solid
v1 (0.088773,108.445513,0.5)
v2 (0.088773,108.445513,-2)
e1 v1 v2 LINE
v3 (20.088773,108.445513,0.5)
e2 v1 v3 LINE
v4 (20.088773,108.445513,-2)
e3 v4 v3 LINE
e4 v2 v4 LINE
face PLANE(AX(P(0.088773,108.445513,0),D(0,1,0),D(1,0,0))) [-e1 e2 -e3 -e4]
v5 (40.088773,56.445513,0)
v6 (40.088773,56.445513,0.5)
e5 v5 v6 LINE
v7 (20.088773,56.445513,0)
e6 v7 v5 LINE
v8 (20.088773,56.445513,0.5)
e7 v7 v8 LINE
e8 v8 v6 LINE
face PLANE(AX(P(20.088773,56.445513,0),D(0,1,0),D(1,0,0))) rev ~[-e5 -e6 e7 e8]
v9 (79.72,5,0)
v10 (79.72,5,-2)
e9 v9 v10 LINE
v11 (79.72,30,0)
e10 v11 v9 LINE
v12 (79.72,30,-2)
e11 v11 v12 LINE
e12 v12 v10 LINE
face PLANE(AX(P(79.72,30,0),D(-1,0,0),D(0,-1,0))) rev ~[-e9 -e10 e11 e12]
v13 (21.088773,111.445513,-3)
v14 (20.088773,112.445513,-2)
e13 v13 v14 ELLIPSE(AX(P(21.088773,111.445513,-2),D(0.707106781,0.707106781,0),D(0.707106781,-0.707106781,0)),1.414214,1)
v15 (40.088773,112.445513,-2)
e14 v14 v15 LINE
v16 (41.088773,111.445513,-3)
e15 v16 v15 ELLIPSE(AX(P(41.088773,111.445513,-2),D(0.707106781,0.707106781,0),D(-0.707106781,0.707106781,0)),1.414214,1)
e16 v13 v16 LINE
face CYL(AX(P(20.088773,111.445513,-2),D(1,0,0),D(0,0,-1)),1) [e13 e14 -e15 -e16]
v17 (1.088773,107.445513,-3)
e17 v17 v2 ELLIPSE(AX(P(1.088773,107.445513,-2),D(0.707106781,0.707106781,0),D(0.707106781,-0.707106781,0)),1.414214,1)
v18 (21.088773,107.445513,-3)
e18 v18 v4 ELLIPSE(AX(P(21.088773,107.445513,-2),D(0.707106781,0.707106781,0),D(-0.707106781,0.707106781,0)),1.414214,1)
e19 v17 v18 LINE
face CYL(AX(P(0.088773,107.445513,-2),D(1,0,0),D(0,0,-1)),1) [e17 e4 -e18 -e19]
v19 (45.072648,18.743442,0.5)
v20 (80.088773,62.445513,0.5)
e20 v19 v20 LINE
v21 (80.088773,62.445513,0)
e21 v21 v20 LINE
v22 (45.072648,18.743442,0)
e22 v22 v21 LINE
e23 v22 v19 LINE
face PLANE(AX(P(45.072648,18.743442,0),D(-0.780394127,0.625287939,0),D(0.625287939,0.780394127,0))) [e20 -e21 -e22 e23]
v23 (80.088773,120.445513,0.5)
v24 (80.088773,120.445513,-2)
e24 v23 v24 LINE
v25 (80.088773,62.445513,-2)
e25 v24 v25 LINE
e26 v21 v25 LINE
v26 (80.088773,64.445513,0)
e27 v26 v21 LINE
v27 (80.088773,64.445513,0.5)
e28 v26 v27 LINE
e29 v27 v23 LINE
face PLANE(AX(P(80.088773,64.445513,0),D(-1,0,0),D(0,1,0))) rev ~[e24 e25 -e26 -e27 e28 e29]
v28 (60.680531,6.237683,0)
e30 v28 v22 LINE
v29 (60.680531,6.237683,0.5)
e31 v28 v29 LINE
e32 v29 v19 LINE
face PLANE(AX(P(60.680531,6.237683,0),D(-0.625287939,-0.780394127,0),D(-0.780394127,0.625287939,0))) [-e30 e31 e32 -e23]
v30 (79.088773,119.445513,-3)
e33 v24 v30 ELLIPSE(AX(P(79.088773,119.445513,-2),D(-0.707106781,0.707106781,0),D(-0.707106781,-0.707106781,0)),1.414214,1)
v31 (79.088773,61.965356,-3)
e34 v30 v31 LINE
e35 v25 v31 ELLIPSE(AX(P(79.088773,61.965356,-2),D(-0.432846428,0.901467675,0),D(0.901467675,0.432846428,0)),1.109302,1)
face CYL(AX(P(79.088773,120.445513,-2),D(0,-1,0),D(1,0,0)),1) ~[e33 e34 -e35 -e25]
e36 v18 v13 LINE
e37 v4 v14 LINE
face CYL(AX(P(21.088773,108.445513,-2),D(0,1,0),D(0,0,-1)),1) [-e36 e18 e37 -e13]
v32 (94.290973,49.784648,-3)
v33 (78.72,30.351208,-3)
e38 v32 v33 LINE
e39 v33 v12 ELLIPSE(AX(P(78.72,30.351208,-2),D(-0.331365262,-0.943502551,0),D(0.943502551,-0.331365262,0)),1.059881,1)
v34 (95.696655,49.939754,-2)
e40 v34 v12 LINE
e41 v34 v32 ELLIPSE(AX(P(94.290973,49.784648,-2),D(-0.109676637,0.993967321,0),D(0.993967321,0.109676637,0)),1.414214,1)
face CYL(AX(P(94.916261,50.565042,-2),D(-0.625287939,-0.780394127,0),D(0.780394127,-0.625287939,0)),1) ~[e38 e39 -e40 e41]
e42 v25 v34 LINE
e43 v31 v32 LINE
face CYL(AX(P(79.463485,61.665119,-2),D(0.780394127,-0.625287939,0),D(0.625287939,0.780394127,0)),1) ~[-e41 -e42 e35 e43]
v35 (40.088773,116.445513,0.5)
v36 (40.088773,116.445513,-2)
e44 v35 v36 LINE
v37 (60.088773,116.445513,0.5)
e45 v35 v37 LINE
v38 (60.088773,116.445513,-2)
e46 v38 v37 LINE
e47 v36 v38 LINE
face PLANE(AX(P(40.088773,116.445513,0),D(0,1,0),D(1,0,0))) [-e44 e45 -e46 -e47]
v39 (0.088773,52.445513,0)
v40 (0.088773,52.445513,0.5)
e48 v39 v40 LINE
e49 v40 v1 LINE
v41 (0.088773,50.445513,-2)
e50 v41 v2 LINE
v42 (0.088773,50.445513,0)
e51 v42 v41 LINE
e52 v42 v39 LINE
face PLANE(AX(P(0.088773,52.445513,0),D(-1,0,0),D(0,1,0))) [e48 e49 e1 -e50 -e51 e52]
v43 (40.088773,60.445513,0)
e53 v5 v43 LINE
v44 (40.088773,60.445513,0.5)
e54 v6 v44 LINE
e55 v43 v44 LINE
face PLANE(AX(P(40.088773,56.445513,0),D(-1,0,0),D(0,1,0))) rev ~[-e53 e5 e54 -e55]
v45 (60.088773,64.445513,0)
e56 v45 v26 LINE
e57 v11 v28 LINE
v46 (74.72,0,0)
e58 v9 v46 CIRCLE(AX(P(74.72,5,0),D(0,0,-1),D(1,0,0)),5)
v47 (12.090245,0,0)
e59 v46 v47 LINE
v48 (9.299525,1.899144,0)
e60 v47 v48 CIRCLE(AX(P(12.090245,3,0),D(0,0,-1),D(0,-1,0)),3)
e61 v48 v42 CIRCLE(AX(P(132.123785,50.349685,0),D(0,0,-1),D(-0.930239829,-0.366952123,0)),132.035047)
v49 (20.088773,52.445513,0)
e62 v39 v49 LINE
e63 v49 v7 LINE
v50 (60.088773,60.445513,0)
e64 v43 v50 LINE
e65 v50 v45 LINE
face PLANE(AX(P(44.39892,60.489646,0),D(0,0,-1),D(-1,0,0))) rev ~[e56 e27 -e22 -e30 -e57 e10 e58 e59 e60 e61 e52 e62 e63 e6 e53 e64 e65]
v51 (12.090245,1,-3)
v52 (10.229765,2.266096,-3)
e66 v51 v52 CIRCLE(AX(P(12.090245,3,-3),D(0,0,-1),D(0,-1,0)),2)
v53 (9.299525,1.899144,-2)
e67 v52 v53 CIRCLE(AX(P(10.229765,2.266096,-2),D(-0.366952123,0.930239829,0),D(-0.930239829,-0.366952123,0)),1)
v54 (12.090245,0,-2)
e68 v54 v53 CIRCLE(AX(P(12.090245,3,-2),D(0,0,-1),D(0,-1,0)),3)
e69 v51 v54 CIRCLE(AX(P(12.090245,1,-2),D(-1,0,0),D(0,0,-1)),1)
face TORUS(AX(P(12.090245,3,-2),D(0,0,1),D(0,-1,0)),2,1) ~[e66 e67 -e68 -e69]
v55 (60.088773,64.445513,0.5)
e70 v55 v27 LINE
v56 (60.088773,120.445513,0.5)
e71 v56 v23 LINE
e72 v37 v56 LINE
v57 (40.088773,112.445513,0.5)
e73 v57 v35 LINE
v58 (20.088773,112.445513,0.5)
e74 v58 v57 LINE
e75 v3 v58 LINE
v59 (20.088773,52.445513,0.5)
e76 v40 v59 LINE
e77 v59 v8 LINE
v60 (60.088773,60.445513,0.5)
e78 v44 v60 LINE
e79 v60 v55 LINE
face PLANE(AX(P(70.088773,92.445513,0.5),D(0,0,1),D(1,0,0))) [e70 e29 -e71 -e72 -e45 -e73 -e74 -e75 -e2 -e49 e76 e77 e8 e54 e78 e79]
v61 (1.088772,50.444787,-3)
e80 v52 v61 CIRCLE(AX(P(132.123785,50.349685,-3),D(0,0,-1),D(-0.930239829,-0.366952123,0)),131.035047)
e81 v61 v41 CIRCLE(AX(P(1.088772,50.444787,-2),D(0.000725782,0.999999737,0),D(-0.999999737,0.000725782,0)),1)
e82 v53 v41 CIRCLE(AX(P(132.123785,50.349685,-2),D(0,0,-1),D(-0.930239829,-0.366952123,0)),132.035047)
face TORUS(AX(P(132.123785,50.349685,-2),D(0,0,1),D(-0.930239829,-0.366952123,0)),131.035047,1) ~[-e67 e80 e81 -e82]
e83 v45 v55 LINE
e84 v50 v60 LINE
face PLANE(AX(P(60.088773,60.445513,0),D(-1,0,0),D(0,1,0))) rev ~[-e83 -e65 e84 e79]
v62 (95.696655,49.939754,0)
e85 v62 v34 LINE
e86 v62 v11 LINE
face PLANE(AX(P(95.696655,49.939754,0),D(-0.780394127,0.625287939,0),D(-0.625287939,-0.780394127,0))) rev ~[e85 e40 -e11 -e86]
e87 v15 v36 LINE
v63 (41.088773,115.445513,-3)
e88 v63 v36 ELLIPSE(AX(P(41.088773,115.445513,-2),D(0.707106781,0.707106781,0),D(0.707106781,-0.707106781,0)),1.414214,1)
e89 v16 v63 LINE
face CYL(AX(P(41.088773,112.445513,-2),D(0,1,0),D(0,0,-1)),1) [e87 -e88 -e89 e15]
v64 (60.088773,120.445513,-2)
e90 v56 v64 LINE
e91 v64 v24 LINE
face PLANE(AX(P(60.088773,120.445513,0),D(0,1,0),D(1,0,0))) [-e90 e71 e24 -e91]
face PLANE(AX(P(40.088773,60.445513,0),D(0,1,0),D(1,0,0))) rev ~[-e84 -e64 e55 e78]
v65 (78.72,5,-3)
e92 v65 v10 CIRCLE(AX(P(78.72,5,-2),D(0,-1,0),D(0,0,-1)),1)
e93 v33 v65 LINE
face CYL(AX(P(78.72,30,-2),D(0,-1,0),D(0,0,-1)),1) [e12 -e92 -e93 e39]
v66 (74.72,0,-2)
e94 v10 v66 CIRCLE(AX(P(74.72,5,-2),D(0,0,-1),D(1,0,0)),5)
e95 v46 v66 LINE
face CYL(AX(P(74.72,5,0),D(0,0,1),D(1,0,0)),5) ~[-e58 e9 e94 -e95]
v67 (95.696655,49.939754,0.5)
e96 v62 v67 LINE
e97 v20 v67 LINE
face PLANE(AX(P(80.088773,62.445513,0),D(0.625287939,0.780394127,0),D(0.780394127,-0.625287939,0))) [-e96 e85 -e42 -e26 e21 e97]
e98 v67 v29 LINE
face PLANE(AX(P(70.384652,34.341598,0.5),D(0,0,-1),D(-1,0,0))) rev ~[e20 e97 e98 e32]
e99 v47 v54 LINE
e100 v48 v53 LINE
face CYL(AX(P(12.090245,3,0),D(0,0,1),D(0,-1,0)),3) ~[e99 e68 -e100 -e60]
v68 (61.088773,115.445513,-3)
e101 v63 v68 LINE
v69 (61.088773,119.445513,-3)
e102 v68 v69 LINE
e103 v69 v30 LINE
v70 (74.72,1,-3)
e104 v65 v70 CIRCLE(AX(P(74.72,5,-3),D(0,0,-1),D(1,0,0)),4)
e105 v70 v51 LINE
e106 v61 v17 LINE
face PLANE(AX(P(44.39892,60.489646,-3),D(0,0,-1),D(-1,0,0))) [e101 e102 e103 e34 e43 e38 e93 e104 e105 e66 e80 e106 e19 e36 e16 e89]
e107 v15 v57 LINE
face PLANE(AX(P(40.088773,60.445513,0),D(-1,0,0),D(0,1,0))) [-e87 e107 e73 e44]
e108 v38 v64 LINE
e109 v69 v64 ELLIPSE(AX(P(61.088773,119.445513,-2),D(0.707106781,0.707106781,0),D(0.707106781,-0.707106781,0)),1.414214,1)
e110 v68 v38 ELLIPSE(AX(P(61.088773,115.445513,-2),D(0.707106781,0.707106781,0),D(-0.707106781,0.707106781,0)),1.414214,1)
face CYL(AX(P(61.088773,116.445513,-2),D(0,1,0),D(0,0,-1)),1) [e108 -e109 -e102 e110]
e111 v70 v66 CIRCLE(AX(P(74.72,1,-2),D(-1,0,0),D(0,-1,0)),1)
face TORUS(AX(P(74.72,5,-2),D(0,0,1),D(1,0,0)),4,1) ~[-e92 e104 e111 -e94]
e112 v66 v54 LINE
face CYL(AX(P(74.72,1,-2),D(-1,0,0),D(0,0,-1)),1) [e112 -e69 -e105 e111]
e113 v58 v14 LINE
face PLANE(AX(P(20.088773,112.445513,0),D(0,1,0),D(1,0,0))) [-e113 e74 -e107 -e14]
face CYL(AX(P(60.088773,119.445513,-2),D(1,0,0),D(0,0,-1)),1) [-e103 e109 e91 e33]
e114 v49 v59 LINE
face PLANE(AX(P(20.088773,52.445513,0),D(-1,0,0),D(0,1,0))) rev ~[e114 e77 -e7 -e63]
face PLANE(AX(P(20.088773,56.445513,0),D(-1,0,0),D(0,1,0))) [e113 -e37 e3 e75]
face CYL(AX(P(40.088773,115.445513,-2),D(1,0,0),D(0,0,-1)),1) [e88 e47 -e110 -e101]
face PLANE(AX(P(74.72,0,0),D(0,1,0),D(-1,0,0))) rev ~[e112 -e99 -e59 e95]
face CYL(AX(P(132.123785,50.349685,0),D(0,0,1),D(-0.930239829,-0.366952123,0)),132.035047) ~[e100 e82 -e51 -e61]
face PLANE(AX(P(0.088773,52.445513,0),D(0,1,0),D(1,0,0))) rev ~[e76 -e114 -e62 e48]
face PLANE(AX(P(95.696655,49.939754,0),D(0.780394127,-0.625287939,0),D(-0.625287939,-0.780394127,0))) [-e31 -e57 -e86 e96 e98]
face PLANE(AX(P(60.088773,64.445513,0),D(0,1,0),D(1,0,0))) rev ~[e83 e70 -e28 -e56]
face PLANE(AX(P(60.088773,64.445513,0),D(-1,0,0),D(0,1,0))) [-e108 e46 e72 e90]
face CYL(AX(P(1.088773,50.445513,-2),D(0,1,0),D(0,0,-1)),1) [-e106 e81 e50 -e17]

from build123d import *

# Parameters (mm, degrees)
BOSS_EXTRUDE1_DEPTH  = 3
SKETCH2_W            = 20
SKETCH2_H            = 56
BOSS_EXTRUDE2_DEPTH  = 0.5
SKETCH5_W            = 20
SKETCH5_H            = 56
BOSS_EXTRUDE3_DEPTH  = 0.5
SKETCH6_W            = 20
SKETCH6_H            = 56
BOSS_EXTRUDE4_DEPTH  = 0.5
SKETCH7_W            = 20
SKETCH7_H            = 56
BOSS_EXTRUDE5_DEPTH  = 0.5
BOSS_EXTRUDE18_DEPTH = 0.5
FILLET1_R            = 1


with BuildPart() as part:
    # Sketch1 → Boss-Extrude1 (new body)
    with BuildSketch(Plane.XY):
        with BuildLine():
            Line((0.088772672, 50.445513271), (0.088772672, 108.445513271))
            Line((0.088772672, 108.445513271), (20.088772672, 108.445513271))
            Line((20.088772672, 108.445513271), (20.088772672, 112.445513271))
            Line((20.088772672, 112.445513271), (40.088772672, 112.445513271))
            Line((40.088772672, 112.445513271), (40.088772672, 116.445513271))
            Line((40.088772672, 116.445513271), (60.088772672, 116.445513271))
            Line((60.088772672, 116.445513271), (60.088772672, 120.445513271))
            Line((60.088772672, 120.445513271), (80.088772672, 120.445513271))
            Line((80.088772672, 120.445513271), (80.088772672, 62.445513271))
            Line((80.088772672, 62.445513271), (95.696655206, 49.939754486))
            Line((95.696655206, 49.939754486), (79.719999866, 30))
            Line((79.719999866, 30), (79.719999866, 5))
            ThreePointArc((79.719999866, 5), (78.255533771, 1.464466094), (74.719999866, 0))
            Line((74.719999866, 0), (45.081340107, 0))
            Line((45.081340107, 0), (12.090244869, 0))
            ThreePointArc((12.090244869, 0), (10.402431062, 0.519821669), (9.299525382, 1.899143631))
            ThreePointArc((9.299525382, 1.899143631), (2.402932305, 25.737613543), (0.088772672, 50.445513271))
        make_face()
    extrude(amount=-BOSS_EXTRUDE1_DEPTH)

    # Sketch2 → Boss-Extrude2 (add)
    with BuildSketch(Plane.XY):
        with Locations((10.088772672, 80.445513271)):
            Rectangle(SKETCH2_W, SKETCH2_H)
    extrude(amount=BOSS_EXTRUDE2_DEPTH)

    # Sketch5 → Boss-Extrude3 (add)
    with BuildSketch(Plane.XY):
        with Locations((30.088772672, 84.445513271)):
            Rectangle(SKETCH5_W, SKETCH5_H)
    extrude(amount=BOSS_EXTRUDE3_DEPTH)

    # Sketch6 → Boss-Extrude4 (add)
    with BuildSketch(Plane.XY):
        with Locations((50.088772672, 88.445513271)):
            Rectangle(SKETCH6_W, SKETCH6_H)
    extrude(amount=BOSS_EXTRUDE4_DEPTH)

    # Sketch7 → Boss-Extrude5 (add)
    with BuildSketch(Plane.XY):
        with Locations((70.088772672, 92.445513271)):
            Rectangle(SKETCH7_W, SKETCH7_H)
    extrude(amount=BOSS_EXTRUDE5_DEPTH)

    # Sketch10 → Boss-Extrude18 (add)
    with BuildSketch(Plane.XY):
        Polygon((80.088772672, 62.445513271), (95.696655206, 49.939754486), (60.680530606, 6.23768339), (45.072648072, 18.743442176), align=None)
    extrude(amount=BOSS_EXTRUDE18_DEPTH)

    # Fillet1
    fillet1_edges = [part.edges().sort_by_distance(p)[0] for p in [
        (87.892713939, 56.192633878, -3),
        (80.088772672, 91.445513271, -3),
        (70.088772672, 120.445513271, -3),
        (60.088772672, 118.445513271, -3),
        (50.088772672, 116.445513271, -3),
        (40.088772672, 114.445513271, -3),
        (30.088772672, 112.445513271, -3),
        (20.088772672, 110.445513271, -3),
        (10.088772672, 108.445513271, -3),
        (0.088772672, 79.445513271, -3),
        (79.719999866, 17.5, -3),
        (2.402932305, 25.737613543, -3),
        (10.402431062, 0.519821669, -3),
        (43.405122367, 0, -3),
        (78.255533771, 1.464466094, -3),
        (87.708327536, 39.969877243, -3),
    ]]
    fillet(fillet1_edges, radius=FILLET1_R)


solid = part.part
